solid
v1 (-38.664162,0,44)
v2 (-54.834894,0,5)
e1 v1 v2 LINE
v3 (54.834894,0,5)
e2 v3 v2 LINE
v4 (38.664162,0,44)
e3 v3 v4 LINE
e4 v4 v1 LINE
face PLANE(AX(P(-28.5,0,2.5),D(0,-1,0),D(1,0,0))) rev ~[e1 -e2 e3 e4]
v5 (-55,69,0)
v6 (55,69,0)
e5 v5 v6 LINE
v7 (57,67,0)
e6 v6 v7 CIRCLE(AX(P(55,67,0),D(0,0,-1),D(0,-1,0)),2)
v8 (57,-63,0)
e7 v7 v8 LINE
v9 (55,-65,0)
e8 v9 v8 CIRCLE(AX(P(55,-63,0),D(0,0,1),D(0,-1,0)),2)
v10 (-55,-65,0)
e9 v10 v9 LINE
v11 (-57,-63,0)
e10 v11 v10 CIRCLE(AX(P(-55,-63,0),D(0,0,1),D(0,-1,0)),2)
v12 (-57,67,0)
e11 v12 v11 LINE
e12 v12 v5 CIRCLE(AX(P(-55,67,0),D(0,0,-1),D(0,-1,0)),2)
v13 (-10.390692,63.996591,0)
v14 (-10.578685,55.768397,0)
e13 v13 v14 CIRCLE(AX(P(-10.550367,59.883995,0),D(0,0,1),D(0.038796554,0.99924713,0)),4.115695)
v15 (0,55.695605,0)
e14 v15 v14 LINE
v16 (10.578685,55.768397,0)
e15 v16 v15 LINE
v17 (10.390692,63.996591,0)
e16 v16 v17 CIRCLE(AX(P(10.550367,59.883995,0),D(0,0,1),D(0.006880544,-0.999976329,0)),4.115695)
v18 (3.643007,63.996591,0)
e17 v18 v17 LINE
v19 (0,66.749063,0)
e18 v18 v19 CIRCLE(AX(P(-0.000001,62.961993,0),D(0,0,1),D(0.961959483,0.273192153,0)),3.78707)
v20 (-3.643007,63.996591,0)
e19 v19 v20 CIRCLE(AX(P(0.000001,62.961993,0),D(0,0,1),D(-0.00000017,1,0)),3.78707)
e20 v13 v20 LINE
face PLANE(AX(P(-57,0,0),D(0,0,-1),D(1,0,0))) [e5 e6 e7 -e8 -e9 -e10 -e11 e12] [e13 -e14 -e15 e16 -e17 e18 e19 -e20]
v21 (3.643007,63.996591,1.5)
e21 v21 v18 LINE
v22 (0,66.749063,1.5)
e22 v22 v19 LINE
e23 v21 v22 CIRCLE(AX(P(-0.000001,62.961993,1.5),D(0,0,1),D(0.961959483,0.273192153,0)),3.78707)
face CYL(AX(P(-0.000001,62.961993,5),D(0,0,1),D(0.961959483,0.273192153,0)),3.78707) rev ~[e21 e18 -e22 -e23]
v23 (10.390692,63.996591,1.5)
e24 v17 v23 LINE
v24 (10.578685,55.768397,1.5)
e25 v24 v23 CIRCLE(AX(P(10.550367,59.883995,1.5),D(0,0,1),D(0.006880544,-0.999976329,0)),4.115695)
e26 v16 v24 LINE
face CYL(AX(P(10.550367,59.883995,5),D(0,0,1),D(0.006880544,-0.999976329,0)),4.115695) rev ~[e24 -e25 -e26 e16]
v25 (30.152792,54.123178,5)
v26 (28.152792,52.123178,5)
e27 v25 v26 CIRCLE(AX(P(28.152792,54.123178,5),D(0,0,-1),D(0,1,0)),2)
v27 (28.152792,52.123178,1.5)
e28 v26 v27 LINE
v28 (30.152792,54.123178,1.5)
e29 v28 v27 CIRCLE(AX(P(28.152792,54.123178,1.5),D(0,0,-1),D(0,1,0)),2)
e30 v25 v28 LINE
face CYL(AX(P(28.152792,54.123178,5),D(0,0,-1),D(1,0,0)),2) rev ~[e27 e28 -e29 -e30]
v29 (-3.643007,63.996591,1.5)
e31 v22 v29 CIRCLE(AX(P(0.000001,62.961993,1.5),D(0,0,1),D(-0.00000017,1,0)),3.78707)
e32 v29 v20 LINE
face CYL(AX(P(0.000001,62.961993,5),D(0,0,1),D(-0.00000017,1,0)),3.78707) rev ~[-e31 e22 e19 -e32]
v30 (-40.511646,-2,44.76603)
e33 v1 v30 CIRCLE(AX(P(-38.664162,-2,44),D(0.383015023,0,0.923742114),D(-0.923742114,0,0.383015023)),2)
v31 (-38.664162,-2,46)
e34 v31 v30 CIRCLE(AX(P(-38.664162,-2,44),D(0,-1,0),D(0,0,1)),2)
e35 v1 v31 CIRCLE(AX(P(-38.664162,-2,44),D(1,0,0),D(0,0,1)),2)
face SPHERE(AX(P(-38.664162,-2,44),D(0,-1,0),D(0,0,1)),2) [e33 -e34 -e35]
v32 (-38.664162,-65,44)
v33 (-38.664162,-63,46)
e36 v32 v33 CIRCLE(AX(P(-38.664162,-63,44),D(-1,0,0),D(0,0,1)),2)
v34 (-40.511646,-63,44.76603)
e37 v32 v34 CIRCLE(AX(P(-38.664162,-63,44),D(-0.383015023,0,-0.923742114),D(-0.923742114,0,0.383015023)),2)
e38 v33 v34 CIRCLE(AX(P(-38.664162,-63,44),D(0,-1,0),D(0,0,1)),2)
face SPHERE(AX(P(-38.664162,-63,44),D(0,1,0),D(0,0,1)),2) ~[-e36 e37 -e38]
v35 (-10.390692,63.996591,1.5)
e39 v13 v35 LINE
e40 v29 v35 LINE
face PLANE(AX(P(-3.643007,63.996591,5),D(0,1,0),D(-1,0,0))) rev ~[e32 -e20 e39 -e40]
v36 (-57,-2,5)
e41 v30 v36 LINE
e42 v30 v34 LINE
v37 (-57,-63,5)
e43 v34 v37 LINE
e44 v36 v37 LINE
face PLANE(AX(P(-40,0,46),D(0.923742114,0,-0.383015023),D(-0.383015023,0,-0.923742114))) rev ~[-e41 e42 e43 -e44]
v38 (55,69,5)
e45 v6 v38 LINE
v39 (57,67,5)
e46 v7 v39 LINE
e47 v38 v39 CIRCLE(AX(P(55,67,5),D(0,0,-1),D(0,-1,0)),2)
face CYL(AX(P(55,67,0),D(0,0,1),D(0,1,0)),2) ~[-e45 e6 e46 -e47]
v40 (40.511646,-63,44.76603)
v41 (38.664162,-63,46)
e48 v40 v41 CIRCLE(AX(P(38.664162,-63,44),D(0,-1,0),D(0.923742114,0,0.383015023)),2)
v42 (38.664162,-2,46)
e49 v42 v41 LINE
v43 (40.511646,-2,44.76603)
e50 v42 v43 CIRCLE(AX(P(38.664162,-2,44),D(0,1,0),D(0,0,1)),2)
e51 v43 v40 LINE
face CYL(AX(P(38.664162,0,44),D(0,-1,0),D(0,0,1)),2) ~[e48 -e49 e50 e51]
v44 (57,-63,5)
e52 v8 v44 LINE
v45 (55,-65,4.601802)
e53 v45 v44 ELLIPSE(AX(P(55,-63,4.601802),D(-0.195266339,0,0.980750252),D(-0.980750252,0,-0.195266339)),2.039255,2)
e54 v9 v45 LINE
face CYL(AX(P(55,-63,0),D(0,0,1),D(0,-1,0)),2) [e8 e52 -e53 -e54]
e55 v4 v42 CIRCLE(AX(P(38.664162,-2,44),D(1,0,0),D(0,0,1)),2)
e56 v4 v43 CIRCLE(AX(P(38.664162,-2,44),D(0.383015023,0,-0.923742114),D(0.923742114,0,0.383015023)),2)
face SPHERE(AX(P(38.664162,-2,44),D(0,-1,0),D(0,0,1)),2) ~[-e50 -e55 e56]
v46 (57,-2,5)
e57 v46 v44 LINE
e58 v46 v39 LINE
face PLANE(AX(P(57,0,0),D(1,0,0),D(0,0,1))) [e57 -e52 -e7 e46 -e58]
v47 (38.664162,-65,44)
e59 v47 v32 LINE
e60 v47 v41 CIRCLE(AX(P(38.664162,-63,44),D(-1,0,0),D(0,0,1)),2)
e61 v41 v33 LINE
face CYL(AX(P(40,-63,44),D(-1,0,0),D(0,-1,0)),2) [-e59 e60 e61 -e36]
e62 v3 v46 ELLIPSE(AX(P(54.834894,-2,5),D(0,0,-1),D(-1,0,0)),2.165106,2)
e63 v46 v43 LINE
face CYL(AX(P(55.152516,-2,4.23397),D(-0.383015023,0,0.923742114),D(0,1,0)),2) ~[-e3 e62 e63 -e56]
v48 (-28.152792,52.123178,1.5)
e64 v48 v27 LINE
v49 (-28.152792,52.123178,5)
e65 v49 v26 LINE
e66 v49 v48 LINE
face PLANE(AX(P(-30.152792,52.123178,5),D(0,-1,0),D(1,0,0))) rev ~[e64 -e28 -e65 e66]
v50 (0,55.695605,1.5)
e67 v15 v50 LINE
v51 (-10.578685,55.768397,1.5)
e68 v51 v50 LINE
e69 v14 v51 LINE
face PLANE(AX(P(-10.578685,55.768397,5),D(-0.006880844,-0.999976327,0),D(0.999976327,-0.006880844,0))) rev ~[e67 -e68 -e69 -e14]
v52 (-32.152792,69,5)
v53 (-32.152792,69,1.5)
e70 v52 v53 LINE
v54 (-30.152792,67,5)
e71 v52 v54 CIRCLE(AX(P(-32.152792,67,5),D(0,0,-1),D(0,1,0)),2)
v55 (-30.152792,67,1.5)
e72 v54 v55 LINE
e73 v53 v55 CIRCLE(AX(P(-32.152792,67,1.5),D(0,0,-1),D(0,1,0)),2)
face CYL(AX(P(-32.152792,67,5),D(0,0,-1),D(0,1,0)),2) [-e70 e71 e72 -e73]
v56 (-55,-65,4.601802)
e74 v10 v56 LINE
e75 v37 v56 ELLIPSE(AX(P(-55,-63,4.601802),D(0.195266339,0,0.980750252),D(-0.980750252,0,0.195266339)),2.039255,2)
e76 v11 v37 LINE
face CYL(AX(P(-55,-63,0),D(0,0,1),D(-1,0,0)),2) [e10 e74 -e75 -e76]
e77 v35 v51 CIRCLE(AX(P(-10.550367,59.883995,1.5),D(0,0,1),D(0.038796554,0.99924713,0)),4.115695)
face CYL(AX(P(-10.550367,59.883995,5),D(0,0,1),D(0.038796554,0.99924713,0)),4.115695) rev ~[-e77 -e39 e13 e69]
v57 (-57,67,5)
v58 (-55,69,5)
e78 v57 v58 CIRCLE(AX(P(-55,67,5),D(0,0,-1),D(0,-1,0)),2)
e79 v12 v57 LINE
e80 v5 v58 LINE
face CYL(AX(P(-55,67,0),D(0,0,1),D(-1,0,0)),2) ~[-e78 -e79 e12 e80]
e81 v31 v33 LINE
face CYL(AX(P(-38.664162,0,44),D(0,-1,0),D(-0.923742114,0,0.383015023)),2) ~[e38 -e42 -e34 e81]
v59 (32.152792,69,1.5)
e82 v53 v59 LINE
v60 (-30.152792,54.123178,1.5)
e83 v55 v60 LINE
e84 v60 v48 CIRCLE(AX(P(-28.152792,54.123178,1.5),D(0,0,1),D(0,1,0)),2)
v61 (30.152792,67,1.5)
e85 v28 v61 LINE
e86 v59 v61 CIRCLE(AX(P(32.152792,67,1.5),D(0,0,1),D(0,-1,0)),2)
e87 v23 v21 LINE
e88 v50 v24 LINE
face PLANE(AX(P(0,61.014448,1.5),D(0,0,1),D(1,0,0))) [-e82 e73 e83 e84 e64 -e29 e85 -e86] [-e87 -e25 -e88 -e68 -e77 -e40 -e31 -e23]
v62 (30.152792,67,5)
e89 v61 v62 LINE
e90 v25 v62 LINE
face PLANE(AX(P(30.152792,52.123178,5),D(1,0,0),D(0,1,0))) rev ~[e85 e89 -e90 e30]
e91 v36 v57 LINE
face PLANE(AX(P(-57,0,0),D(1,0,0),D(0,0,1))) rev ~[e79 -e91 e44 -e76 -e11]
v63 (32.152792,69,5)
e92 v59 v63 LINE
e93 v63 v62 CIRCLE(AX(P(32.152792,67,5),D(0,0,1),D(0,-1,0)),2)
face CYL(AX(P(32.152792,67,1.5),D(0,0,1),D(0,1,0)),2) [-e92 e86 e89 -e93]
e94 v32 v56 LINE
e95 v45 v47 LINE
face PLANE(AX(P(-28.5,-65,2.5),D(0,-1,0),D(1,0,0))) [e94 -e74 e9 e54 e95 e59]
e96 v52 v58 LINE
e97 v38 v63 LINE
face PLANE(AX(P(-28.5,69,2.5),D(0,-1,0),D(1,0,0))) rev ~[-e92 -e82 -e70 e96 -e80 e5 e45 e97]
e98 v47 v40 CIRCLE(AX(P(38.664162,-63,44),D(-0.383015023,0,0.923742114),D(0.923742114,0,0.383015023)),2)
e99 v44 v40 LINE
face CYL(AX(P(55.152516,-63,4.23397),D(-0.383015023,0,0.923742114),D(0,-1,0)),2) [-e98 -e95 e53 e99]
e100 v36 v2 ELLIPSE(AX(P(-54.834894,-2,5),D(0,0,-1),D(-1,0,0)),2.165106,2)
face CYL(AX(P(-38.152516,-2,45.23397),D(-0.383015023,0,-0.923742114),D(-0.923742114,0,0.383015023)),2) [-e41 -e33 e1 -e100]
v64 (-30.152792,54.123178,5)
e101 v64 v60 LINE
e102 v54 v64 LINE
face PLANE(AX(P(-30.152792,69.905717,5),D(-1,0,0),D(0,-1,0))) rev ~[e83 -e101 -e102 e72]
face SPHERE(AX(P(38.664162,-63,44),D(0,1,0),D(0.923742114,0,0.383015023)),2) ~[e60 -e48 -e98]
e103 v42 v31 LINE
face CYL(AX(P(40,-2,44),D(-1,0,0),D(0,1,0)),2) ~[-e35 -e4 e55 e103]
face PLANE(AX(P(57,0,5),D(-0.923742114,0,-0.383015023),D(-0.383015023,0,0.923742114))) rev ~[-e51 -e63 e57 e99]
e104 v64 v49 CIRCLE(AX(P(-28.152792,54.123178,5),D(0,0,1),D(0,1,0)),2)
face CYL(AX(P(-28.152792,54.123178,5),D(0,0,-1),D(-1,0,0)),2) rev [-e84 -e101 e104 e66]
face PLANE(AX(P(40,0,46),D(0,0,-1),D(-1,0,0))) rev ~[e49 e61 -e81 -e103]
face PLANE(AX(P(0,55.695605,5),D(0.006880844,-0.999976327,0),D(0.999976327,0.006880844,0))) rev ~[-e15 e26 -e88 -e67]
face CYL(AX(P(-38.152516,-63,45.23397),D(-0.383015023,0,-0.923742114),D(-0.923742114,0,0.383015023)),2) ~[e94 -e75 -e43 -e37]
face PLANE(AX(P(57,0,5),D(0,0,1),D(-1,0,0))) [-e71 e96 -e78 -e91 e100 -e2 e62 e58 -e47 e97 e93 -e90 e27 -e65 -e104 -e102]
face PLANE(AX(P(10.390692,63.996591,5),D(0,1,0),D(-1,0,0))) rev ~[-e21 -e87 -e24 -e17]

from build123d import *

# Parameters (mm, degrees)
F1_DEPTH      = 65
F2_W          = 57
F2_H          = 5
F3_DEPTH      = 65
F3_DEPTH_BACK = 69
F6_DEPTH      = 3.5
F8_DEPTH      = 12.5
F9_R          = 2


with BuildPart() as f1:
    # F0 (on Front) → F1 (new body)
    with BuildSketch(Plane.XZ):
        Polygon((40, 46), (0, 46), (-40, 46), (-57, 5), (0, 5), (57, 5), align=None)
    extrude(amount=F1_DEPTH)

    # F2 (on Front) → F3 (join, two sides)
    with BuildSketch(Plane.XZ) as f3_sk:
        with Locations((-28.5, 2.5)):
            Rectangle(F2_W, F2_H)
        with Locations((28.5, 2.5)):
            Rectangle(F2_W, F2_H)
    extrude(amount=F3_DEPTH)
    extrude(f3_sk.sketch, amount=-F3_DEPTH_BACK)

    # F5 (on offset) → F6 (cut)
    with BuildSketch(Plane.XY.offset(5)):
        Polygon((30.152792, 69.905717), (0, 69.905717), (-30.152792, 69.905717), (-30.152792, 52.123178), (0, 52.123178), (30.152792, 52.123178), align=None)
    extrude(amount=-F6_DEPTH, mode=Mode.SUBTRACT)

    # F7 (on offset) → F8 (cut, symmetric)
    with BuildSketch(Plane.XY.offset(5)):
        with BuildLine():
            Line((-3.643007, 63.996591), (-10.390692, 63.996591))
            ThreePointArc((-10.390692, 63.996591), (-14.664988, 59.978003), (-10.578685, 55.768397))
            Line((-10.578685, 55.768397), (0, 55.695605))
            Line((0, 55.695605), (10.578685, 55.768397))
            ThreePointArc((10.578685, 55.768397), (14.664988, 59.978003), (10.390692, 63.996591))
            Line((10.390692, 63.996591), (3.643007, 63.996591))
            ThreePointArc((3.643007, 63.996591), (2.282959, 65.983581), (0, 66.749063))
            ThreePointArc((0, 66.749063), (-2.282959, 65.983581), (-3.643007, 63.996591))
        make_face()
    extrude(amount=F8_DEPTH, both=True, mode=Mode.SUBTRACT)

    # F9
    f9_edges = [f1.edges().sort_by_distance(p)[0] for p in [
        (40, -32.5, 46),
        (-40, -32.5, 46),
        (0, 0, 46),
        (-48.5, 0, 25.5),
        (48.5, 0, 25.5),
        (48.5, -65, 25.5),
        (0, -65, 46),
        (-48.5, -65, 25.5),
        (30.152792, 52.123178, 3.25),
        (-30.152792, 52.123178, 3.25),
        (30.152792, 69, 3.25),
        (-30.152792, 69, 3.25),
        (-57, 69, 2.5),
        (57, 69, 2.5),
        (-57, -65, 2.5),
        (57, -65, 2.5),
    ]]
    fillet(f9_edges, radius=F9_R)


solid = f1.part
